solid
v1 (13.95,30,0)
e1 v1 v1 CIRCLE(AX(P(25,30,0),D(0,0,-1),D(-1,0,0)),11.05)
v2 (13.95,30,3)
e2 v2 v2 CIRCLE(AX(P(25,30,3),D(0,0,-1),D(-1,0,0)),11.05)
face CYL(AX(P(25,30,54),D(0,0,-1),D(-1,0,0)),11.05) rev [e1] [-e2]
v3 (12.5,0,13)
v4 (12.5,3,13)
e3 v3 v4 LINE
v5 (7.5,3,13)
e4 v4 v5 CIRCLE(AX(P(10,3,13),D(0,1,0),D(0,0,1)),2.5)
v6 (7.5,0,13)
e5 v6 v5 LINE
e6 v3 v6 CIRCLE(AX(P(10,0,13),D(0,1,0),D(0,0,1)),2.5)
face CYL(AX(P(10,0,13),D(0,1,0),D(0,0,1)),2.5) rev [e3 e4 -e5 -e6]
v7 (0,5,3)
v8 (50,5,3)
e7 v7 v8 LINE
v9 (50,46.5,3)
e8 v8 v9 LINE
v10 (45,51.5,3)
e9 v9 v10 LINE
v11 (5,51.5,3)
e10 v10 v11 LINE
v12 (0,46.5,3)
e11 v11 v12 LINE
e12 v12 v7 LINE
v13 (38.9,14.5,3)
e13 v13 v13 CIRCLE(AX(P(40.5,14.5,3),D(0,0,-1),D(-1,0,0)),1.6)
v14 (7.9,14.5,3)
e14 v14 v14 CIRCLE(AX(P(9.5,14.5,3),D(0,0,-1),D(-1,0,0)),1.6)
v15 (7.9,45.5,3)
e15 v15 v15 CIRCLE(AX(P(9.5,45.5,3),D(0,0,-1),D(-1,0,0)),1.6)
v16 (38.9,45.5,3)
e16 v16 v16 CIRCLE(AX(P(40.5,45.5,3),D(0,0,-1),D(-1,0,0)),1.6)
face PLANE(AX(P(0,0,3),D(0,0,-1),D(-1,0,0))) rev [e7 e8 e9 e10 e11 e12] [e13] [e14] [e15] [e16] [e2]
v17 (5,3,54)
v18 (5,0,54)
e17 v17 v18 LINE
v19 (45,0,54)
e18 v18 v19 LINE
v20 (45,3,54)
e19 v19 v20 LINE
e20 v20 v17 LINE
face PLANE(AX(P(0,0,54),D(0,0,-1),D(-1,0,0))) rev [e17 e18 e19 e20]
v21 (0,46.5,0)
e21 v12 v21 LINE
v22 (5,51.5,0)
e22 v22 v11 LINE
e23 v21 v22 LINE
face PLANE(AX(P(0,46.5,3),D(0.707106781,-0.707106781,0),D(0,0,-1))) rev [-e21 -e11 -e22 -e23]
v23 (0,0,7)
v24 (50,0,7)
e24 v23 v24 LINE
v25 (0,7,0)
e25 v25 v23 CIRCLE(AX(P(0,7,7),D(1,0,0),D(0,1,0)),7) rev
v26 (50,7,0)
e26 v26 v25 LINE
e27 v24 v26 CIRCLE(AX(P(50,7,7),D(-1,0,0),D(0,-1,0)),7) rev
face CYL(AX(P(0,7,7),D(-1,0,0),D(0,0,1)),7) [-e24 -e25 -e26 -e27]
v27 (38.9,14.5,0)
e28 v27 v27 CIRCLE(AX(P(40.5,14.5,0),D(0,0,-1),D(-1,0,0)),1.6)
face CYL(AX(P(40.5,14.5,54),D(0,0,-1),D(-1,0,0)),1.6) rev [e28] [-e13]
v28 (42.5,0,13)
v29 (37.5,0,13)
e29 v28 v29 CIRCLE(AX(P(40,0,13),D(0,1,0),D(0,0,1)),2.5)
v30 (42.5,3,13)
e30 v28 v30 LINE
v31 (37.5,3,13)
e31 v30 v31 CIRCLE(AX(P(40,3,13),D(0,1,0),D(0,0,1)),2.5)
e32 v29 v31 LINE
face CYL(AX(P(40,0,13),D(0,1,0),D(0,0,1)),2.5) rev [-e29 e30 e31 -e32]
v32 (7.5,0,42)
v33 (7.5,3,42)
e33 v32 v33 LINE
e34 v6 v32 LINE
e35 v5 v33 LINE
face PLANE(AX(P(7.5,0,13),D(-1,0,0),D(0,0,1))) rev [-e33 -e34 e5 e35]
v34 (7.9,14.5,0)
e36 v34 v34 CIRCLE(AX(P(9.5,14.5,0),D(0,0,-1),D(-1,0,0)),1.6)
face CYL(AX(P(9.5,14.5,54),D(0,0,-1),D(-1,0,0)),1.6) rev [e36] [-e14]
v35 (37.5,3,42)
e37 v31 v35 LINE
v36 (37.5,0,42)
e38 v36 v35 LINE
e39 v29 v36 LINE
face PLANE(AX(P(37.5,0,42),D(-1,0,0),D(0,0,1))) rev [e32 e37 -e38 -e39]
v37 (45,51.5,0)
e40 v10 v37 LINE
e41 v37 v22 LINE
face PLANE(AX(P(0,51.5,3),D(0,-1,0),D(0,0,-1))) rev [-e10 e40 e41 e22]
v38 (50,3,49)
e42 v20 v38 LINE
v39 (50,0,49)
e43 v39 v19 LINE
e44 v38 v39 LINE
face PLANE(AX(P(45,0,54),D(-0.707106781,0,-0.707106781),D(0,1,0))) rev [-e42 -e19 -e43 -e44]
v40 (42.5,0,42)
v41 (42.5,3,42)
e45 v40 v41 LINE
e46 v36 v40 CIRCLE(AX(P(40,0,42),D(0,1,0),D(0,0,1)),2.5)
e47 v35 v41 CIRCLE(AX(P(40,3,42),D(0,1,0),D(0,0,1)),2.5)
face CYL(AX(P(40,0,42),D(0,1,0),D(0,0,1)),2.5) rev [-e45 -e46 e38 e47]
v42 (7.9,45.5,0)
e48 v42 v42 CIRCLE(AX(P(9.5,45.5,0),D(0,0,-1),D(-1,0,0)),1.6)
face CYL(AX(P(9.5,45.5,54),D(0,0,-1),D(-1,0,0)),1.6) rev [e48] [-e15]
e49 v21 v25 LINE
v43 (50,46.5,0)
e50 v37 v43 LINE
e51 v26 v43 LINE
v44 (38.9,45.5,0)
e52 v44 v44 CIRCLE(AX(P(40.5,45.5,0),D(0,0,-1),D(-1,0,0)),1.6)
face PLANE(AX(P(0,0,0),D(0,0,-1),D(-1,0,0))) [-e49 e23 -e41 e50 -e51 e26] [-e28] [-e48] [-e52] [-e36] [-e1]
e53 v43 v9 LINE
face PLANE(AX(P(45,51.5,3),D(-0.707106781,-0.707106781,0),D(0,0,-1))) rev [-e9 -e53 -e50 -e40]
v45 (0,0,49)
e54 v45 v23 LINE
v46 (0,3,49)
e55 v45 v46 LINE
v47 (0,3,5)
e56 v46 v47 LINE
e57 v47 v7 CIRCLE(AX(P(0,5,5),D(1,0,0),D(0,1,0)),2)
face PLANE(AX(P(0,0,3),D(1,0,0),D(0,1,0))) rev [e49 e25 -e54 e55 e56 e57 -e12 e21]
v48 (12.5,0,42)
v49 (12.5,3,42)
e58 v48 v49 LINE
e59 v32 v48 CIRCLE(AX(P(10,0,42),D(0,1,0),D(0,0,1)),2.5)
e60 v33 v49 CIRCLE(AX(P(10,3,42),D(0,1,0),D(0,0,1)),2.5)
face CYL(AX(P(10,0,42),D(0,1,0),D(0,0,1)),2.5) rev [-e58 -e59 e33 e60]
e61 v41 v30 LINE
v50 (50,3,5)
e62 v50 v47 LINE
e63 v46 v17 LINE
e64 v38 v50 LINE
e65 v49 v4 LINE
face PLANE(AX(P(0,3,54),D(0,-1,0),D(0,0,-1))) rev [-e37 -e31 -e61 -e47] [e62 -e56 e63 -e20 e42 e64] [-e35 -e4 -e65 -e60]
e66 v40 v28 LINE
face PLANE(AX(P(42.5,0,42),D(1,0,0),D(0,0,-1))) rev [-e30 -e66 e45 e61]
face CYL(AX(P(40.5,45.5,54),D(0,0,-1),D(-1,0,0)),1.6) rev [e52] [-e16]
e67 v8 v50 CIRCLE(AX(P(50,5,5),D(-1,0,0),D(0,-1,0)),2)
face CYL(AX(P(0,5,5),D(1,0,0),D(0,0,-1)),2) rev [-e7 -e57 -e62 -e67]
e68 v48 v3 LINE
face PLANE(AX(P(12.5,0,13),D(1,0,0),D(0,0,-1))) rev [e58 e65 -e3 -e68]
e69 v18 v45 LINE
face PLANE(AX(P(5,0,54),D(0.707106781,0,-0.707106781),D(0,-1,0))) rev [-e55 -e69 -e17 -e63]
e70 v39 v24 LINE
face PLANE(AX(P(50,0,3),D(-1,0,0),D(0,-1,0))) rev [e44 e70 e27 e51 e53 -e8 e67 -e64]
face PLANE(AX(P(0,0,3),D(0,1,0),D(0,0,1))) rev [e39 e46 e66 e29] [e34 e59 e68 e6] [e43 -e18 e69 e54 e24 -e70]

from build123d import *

# Parameters (mm, degrees)
SKETCH1_W           = 50
SKETCH1_H           = 51.5
BOSS_EXTRUDE1_DEPTH = 3
SKETCH2_W           = 50
SKETCH2_H           = 3
BOSS_EXTRUDE2_DEPTH = 51
SKETCH3_R           = 11.05
SKETCH3_R_2         = 1.6
CUT_EXTRUDE1_DEPTH  = 90.823437921
CUT_EXTRUDE2_DEPTH  = 89.137676393
CHAMFER1_SIZE       = 5
FILLET1_R           = 7
FILLET2_R           = 2


with BuildPart() as part:
    # Sketch1 → Boss-Extrude1 (new body)
    with BuildSketch(Plane.XY):
        with Locations((25, 25.75)):
            Rectangle(SKETCH1_W, SKETCH1_H)
    extrude(amount=BOSS_EXTRUDE1_DEPTH)

    # Sketch2 → Boss-Extrude2 (add)
    with BuildSketch(Plane.XY.offset(3)):
        with Locations((25, 1.5)):
            Rectangle(SKETCH2_W, SKETCH2_H)
    extrude(amount=BOSS_EXTRUDE2_DEPTH)

    # Sketch3 → Cut-Extrude1 (cut, through all)
    with BuildSketch(Plane(origin=(0, 0, 0), x_dir=(-1, 0, 0), z_dir=(0, 0, -1))):
        with Locations((-25, 30)):
            Circle(SKETCH3_R)
        with Locations((-40.5, 45.5)):
            Circle(SKETCH3_R_2)
        with Locations((-9.5, 45.5)):
            Circle(SKETCH3_R_2)
        with Locations((-9.5, 14.5)):
            Circle(SKETCH3_R_2)
        with Locations((-40.5, 14.5)):
            Circle(SKETCH3_R_2)
    extrude(amount=-CUT_EXTRUDE1_DEPTH, mode=Mode.SUBTRACT)

    # Sketch4 → Cut-Extrude2 (cut, through all)
    with BuildSketch(Plane(origin=(0, 3, 0), x_dir=(1, 0, 0), z_dir=(0, 1, 0))):
        with BuildLine():
            Line((12.5, -13), (12.5, -42))
            ThreePointArc((12.5, -42), (10, -44.5), (7.5, -42))
            Line((7.5, -42), (7.5, -13))
            ThreePointArc((7.5, -13), (10, -10.5), (12.5, -13))
        make_face()
        with BuildLine():
            Line((37.5, -42), (37.5, -13))
            ThreePointArc((37.5, -13), (40, -10.5), (42.5, -13))
            Line((42.5, -13), (42.5, -42))
            ThreePointArc((42.5, -42), (40, -44.5), (37.5, -42))
        make_face()
    extrude(amount=-CUT_EXTRUDE2_DEPTH, mode=Mode.SUBTRACT)

    # Chamfer1
    chamfer1_edges = [part.edges().sort_by_distance(p)[0] for p in [
        (0, 1.5, 54),
        (50, 1.5, 54),
        (0, 51.5, 1.5),
        (50, 51.5, 1.5),
    ]]
    chamfer(chamfer1_edges, length=CHAMFER1_SIZE)

    # Fillet1
    fillet1_edges = [part.edges().sort_by_distance(p)[0] for p in [
        (25, 0, 0),
    ]]
    fillet(fillet1_edges, radius=FILLET1_R)

    # Fillet2
    fillet2_edges = [part.edges().sort_by_distance(p)[0] for p in [
        (25, 3, 3),
    ]]
    fillet(fillet2_edges, radius=FILLET2_R)


solid = part.part
